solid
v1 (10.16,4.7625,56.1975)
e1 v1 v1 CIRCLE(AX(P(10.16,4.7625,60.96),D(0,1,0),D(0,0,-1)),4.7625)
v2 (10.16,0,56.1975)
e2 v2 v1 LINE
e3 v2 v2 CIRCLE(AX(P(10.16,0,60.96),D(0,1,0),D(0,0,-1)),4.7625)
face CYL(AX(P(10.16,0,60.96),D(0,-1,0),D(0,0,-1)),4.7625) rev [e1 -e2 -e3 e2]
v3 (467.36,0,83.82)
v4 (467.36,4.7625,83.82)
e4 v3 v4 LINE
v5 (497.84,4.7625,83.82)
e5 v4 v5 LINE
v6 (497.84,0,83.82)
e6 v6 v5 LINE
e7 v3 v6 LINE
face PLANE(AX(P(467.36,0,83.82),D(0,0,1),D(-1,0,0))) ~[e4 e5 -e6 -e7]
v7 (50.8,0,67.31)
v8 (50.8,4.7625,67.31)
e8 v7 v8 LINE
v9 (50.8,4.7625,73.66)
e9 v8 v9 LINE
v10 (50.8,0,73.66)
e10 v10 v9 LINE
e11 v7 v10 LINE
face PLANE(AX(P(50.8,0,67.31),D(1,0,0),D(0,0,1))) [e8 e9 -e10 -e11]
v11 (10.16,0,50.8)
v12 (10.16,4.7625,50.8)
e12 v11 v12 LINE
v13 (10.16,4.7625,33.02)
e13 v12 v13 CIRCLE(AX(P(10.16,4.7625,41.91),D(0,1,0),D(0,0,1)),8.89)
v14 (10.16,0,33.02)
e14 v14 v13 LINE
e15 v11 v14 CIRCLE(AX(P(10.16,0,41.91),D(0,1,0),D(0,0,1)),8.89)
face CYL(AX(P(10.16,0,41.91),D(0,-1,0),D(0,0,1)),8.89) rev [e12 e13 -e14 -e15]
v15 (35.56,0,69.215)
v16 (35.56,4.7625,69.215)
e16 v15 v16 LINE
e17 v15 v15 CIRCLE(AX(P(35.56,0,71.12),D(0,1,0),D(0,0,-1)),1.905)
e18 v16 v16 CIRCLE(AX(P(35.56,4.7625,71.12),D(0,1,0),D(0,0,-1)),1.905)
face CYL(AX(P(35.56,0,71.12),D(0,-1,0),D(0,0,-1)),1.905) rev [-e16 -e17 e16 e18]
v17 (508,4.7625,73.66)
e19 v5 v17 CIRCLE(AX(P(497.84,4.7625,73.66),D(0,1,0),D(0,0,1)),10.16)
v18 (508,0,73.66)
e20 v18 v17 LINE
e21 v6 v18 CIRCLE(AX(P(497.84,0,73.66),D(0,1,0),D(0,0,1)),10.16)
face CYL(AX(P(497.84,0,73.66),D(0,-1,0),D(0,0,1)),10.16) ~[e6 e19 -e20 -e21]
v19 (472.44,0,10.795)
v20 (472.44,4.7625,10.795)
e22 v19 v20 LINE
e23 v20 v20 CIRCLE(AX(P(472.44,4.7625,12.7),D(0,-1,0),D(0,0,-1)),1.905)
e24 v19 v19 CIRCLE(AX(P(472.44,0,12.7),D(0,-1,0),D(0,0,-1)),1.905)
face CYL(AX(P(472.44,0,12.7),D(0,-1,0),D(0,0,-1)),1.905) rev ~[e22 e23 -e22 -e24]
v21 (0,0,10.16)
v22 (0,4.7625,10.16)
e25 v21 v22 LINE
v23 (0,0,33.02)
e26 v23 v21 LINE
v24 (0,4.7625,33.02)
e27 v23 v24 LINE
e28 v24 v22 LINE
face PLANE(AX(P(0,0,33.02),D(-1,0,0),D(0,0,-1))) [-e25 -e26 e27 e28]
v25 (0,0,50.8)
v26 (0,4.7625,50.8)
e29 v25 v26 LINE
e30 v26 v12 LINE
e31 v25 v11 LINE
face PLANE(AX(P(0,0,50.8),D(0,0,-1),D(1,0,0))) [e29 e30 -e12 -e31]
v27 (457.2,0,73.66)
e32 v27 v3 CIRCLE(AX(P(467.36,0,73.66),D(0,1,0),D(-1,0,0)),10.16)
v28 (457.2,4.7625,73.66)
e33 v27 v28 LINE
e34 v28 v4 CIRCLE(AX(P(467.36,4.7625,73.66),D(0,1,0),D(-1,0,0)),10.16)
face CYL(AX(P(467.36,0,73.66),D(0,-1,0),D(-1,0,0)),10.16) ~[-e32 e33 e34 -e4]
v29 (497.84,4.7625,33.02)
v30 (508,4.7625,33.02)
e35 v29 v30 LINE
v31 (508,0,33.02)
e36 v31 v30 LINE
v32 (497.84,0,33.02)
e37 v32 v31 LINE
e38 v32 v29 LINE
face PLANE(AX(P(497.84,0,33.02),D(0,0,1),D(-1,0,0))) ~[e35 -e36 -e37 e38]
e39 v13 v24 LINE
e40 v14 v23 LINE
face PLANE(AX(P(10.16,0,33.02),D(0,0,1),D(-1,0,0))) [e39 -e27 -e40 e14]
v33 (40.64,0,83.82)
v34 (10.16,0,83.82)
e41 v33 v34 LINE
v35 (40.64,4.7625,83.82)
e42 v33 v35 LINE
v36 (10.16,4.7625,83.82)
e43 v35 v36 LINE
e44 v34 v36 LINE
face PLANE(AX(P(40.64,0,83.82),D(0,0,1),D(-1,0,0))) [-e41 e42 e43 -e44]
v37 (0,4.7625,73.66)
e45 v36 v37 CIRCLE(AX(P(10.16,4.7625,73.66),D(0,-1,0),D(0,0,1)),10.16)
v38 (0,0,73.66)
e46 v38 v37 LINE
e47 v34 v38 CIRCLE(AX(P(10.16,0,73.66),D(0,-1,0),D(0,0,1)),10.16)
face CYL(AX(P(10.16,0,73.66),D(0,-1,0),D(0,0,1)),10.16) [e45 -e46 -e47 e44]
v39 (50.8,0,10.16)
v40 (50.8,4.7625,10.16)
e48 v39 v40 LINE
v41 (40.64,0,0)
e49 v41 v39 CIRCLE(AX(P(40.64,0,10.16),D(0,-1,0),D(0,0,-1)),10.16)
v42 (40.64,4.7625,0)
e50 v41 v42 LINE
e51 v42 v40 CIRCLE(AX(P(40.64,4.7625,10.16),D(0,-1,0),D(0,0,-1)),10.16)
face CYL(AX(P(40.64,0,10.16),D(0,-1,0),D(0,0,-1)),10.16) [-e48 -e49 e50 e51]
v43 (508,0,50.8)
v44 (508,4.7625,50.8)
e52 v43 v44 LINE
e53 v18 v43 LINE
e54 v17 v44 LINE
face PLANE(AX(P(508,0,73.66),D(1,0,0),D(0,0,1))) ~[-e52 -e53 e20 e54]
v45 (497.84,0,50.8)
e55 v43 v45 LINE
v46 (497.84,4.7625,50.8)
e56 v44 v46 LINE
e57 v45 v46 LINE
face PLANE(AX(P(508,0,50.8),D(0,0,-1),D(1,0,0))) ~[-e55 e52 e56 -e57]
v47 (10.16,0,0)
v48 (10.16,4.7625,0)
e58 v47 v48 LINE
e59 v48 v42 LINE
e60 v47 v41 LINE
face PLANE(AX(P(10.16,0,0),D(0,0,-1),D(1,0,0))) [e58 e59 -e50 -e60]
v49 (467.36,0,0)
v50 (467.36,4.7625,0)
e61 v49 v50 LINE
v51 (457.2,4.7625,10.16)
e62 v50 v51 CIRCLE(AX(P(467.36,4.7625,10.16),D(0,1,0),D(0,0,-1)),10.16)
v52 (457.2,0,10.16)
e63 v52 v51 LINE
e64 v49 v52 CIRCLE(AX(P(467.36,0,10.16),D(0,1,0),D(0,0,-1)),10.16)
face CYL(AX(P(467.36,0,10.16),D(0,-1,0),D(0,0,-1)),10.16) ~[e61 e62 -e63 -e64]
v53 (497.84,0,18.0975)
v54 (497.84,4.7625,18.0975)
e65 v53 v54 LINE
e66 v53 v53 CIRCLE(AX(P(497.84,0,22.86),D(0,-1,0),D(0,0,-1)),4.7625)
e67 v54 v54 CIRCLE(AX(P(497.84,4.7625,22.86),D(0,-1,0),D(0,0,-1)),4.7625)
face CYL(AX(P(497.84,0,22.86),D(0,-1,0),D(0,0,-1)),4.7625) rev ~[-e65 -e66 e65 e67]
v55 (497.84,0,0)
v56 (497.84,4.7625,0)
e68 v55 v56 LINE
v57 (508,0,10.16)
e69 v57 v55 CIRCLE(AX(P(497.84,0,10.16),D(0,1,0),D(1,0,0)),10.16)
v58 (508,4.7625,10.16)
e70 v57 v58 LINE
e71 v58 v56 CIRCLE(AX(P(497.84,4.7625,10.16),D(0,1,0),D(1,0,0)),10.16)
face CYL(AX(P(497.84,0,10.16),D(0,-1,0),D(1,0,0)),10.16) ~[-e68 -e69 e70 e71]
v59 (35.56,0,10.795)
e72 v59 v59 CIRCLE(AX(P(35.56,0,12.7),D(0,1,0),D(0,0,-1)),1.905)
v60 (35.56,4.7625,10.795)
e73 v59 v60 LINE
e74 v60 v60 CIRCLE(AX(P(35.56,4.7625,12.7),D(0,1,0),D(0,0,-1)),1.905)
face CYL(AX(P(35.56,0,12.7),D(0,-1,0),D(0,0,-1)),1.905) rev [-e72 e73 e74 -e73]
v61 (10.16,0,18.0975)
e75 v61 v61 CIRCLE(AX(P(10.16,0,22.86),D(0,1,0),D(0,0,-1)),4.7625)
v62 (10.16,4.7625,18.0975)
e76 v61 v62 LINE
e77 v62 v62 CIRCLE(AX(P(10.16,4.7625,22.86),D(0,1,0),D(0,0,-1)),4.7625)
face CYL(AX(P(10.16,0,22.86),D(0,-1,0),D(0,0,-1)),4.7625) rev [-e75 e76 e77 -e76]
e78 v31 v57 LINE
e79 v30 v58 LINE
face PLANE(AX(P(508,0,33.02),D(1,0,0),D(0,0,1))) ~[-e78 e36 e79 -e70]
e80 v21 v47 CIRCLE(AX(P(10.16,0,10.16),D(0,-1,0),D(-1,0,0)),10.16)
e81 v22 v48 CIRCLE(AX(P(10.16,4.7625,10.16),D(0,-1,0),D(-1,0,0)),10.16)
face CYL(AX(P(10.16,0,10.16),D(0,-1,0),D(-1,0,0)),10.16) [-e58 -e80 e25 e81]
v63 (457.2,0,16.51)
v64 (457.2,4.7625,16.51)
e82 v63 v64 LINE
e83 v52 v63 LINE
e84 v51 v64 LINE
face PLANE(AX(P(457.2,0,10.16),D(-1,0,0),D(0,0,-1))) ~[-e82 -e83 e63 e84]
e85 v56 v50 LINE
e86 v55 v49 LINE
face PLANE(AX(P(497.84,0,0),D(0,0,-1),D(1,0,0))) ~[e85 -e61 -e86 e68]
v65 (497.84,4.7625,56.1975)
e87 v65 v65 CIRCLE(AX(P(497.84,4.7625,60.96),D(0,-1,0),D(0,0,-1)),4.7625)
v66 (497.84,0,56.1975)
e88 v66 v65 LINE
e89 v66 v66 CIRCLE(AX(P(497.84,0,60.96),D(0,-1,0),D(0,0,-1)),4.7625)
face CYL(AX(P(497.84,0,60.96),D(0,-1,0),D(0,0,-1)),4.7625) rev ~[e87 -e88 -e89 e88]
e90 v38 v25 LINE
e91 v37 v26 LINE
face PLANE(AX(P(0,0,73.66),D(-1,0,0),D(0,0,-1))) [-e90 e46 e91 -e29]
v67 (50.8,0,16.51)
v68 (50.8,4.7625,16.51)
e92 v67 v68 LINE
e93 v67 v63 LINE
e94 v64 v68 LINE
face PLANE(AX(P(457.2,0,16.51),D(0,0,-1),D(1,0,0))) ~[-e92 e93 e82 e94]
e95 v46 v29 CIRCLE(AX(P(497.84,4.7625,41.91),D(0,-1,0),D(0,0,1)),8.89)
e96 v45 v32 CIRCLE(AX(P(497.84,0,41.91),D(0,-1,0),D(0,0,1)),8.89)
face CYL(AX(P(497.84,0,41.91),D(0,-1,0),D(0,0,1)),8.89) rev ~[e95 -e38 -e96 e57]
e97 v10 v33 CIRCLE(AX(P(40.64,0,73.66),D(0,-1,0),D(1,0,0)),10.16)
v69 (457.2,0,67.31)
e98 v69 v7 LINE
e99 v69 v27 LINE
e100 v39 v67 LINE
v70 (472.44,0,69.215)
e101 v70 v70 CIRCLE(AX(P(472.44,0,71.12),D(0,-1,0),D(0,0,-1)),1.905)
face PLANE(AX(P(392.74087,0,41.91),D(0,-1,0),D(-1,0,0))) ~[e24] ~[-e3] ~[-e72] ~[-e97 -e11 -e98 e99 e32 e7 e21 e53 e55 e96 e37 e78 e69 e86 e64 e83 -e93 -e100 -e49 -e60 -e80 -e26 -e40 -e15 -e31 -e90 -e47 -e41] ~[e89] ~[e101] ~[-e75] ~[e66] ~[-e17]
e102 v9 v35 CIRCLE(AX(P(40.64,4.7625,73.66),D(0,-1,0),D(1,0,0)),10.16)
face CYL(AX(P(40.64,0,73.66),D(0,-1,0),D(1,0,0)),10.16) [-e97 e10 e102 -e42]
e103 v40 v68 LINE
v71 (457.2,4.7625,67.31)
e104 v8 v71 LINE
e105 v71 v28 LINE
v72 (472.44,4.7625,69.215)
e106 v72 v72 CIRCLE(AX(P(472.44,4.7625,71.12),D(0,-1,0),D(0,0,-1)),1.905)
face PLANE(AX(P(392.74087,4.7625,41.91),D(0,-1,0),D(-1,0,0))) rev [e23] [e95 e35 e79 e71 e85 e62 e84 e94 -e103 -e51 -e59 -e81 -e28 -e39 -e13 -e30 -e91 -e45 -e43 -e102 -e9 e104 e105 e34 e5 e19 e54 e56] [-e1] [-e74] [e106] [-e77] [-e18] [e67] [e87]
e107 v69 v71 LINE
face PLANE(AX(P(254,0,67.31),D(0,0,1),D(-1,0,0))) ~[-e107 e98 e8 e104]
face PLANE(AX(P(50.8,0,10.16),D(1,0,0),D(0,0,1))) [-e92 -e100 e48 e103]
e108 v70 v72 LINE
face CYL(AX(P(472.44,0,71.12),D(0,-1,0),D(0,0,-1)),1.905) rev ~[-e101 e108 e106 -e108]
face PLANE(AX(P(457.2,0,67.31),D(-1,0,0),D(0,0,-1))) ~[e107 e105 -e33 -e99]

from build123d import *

# Parameters (mm, degrees)
SKETCH1_R           = 4.7625
SKETCH1_R_2         = 1.905
BOSS_EXTRUDE1_DEPTH = 4.7625


with BuildPart() as part:
    # Sketch1 → Boss-Extrude1 (new body)
    with BuildSketch(Plane(origin=(0, 0, 0), x_dir=(1, 0, 0), z_dir=(0, 1, 0))):
        with BuildLine():
            Line((10.16, 0), (40.64, 0))
            ThreePointArc((40.64, 0), (47.824204897, -2.975795103), (50.8, -10.16))
            Line((50.8, -10.16), (50.8, -16.51))
            Line((50.8, -16.51), (254, -16.51))
            Line((254, -16.51), (254, -67.31))
            Line((254, -67.31), (50.8, -67.31))
            Line((50.8, -67.31), (50.8, -73.66))
            ThreePointArc((50.8, -73.66), (47.824204897, -80.844204897), (40.64, -83.82))
            Line((40.64, -83.82), (10.16, -83.82))
            ThreePointArc((10.16, -83.82), (2.975795103, -80.844204897), (0, -73.66))
            Line((0, -73.66), (0, -50.8))
            Line((0, -50.8), (10.16, -50.8))
            ThreePointArc((10.16, -50.8), (19.05, -41.91), (10.16, -33.02))
            Line((10.16, -33.02), (0, -33.02))
            Line((0, -33.02), (0, -10.16))
            ThreePointArc((0, -10.16), (2.975795103, -2.975795103), (10.16, 0))
        make_face()
        with Locations(Location((10.16, -60.96, 0), (0, 0, 90))):
            Circle(SKETCH1_R, mode=Mode.SUBTRACT)
        with Locations(Location((10.16, -22.86, 0), (0, 0, 90))):
            Circle(SKETCH1_R, mode=Mode.SUBTRACT)
        with Locations(Location((35.56, -71.12, 0), (0, 0, 90))):
            Circle(SKETCH1_R_2, mode=Mode.SUBTRACT)
        with Locations(Location((35.56, -12.7, 0), (0, 0, 90))):
            Circle(SKETCH1_R_2, mode=Mode.SUBTRACT)
    boss_extrude1 = extrude(amount=BOSS_EXTRUDE1_DEPTH)

    # Mirror1: Boss-Extrude1 across plane
    add(boss_extrude1.mirror(Plane(origin=(254, 4.7625, 67.31), x_dir=(0, 0, 1), z_dir=(-1, 0, 0))))


solid = part.part
